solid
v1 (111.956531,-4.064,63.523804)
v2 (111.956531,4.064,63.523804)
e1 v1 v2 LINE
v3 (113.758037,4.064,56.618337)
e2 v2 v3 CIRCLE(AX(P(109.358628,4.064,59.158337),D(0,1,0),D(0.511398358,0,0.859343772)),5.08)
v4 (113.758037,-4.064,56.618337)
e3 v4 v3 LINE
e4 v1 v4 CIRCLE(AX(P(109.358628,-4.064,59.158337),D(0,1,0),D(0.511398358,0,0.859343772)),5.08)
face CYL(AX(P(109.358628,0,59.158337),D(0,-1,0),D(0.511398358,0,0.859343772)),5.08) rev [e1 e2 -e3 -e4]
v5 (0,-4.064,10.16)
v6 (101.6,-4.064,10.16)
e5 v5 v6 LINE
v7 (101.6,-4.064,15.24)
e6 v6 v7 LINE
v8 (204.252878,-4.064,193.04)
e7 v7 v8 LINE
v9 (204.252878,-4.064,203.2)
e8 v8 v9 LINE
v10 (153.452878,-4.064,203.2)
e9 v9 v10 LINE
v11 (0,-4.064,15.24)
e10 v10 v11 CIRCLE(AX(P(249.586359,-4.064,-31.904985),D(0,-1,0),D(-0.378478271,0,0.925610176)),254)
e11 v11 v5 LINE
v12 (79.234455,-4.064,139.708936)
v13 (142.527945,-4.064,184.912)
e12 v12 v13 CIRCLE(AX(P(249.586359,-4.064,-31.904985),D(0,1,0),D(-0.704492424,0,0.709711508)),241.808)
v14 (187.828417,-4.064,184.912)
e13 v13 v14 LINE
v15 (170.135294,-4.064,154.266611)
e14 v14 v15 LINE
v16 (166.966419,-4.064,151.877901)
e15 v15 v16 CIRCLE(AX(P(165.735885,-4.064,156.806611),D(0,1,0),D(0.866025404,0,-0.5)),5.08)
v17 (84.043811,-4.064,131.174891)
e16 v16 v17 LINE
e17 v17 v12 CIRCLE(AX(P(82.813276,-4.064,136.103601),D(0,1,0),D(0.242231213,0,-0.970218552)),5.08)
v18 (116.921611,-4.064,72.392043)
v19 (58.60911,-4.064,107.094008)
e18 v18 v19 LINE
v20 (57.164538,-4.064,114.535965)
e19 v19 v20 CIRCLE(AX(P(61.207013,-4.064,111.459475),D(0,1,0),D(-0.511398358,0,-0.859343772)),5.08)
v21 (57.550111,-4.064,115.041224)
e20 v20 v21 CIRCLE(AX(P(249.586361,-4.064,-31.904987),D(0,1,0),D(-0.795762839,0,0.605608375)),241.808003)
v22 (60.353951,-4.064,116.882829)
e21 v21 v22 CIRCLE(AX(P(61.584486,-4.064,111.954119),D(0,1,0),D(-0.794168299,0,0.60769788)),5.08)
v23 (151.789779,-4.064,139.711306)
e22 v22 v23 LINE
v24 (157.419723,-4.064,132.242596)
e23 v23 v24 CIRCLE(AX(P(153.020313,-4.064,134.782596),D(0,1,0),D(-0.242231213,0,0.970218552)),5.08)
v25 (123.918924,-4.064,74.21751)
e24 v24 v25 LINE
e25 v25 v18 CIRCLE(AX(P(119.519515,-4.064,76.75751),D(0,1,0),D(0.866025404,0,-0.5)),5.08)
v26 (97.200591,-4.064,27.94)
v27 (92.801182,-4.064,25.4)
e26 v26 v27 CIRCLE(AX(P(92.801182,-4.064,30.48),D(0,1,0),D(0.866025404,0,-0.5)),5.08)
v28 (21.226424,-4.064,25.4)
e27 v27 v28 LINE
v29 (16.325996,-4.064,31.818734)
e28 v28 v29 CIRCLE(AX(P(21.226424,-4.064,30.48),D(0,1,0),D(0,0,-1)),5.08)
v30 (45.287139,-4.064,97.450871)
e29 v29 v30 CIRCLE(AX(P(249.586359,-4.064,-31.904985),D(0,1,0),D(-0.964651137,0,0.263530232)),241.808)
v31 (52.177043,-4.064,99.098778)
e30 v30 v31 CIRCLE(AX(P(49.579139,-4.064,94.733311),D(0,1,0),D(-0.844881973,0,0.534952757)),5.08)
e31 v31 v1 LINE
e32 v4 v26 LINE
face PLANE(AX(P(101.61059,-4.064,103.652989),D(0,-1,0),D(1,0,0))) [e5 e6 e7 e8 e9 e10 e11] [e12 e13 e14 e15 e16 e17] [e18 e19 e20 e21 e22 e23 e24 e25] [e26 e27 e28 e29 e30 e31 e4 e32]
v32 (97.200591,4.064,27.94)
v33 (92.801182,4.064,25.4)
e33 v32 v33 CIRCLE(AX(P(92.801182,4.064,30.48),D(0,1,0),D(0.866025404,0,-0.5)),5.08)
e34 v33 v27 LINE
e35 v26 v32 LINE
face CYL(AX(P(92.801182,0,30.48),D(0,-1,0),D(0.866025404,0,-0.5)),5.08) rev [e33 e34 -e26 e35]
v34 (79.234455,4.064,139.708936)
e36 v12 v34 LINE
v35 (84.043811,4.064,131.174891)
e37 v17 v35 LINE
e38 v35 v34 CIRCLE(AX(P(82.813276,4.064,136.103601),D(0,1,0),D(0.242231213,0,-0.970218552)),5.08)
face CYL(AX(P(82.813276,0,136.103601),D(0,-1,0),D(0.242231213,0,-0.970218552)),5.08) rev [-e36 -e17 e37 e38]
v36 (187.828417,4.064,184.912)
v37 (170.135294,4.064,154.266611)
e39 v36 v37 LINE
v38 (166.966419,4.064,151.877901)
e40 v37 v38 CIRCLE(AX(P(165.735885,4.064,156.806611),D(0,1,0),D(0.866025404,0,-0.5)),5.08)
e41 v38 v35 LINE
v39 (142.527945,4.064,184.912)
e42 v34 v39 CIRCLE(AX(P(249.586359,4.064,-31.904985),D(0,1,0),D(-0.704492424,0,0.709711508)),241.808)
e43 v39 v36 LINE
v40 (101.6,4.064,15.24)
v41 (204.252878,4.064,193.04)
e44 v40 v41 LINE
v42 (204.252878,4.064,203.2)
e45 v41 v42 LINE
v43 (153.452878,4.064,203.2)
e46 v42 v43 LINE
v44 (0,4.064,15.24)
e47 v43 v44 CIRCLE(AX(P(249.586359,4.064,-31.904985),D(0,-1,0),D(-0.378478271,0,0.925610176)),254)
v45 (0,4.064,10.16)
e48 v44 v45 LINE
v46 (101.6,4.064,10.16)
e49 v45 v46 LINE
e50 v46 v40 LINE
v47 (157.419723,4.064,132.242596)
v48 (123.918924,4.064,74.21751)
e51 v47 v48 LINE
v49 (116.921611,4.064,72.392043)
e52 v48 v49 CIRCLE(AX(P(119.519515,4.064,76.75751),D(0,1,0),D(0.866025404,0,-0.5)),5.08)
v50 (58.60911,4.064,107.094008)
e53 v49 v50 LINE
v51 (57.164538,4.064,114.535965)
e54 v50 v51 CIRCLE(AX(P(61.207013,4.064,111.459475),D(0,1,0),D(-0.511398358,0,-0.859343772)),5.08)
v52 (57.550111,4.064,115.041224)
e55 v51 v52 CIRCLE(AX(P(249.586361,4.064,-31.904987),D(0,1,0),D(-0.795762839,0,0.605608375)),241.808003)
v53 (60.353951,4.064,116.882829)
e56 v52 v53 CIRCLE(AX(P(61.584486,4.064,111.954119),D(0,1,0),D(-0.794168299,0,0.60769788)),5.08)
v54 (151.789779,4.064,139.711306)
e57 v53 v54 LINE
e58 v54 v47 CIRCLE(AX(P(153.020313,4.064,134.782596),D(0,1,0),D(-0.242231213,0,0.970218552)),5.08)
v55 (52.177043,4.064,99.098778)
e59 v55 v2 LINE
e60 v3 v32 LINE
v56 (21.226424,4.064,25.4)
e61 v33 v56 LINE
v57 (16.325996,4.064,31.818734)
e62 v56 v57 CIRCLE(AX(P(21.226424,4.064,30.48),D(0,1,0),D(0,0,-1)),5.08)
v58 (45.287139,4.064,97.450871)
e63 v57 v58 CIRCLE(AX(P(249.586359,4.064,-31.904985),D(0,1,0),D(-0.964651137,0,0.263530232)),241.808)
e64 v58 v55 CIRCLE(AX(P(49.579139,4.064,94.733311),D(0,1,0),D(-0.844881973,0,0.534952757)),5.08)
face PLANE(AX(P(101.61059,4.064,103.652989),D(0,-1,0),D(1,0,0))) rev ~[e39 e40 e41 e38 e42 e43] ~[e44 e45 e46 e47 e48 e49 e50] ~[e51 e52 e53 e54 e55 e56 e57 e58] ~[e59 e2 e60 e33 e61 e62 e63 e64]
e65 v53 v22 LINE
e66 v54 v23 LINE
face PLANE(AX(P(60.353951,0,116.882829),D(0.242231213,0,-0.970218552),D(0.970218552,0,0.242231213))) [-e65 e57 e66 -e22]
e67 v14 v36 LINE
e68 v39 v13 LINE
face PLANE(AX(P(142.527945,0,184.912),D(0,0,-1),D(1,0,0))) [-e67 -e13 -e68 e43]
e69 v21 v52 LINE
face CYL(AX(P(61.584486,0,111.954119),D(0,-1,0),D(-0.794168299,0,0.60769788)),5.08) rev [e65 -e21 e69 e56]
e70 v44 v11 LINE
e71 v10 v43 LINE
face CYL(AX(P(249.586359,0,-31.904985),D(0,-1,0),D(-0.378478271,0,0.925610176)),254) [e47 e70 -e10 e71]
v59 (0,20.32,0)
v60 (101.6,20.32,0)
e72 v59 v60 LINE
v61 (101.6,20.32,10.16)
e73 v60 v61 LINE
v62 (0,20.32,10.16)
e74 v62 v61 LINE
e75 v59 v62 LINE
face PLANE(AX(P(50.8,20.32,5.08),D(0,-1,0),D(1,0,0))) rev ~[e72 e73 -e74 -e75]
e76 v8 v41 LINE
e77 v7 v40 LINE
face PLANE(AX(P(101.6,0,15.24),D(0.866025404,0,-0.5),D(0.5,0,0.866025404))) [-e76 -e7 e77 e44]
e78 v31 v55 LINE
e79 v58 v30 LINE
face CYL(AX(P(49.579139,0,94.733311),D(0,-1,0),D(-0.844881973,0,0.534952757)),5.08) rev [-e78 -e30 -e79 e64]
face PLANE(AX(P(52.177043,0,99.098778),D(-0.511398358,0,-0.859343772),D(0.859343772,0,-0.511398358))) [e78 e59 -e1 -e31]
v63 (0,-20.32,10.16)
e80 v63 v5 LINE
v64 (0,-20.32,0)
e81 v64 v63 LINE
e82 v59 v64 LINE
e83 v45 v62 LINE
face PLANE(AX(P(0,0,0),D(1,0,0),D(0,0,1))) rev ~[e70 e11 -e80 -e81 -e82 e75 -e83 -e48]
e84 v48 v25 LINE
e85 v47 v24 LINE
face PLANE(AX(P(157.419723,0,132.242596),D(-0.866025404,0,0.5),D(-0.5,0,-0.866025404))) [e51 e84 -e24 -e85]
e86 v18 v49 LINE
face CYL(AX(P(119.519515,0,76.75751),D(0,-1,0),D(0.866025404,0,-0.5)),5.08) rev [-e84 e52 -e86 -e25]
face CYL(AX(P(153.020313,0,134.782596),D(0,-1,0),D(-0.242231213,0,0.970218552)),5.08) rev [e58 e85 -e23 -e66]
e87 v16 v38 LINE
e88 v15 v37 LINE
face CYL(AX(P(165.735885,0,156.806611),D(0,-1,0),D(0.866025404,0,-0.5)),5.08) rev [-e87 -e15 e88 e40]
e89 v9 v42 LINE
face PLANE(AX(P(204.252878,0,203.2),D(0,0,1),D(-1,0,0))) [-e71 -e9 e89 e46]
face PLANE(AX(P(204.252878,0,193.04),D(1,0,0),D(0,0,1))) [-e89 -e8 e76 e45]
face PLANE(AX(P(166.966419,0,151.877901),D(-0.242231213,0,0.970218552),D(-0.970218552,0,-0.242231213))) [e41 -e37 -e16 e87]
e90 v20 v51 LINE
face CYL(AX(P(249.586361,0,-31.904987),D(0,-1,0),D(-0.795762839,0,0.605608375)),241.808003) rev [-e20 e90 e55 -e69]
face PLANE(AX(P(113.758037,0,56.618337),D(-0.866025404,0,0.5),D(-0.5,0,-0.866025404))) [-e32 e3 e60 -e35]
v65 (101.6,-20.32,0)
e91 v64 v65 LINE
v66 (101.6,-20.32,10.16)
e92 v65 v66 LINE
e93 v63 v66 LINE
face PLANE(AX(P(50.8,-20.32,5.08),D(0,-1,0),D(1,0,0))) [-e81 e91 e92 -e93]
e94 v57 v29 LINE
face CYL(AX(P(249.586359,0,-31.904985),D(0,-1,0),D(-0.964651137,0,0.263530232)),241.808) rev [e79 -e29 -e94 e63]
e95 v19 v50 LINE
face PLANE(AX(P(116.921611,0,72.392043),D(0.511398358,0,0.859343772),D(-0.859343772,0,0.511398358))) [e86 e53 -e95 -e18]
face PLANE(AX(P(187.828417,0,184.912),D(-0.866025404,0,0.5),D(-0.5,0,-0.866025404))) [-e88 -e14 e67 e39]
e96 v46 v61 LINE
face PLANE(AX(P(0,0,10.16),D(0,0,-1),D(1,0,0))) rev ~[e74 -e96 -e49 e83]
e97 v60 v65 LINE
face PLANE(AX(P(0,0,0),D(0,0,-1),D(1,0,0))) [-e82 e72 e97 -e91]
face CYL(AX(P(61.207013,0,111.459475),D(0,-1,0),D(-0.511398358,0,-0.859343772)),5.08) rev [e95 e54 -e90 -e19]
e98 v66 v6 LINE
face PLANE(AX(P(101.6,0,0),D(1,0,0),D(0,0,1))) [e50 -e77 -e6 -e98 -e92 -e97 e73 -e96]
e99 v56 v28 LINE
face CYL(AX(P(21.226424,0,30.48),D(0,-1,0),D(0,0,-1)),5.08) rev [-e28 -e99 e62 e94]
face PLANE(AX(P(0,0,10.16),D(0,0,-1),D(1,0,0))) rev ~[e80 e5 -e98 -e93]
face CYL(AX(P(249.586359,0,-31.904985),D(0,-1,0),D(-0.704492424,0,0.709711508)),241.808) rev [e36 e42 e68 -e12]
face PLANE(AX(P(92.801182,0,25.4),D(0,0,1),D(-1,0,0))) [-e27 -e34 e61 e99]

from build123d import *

# Parameters (mm, degrees)
F1_DEPTH = 4.064
F0_W     = 101.6
F0_H     = 10.16
F2_DEPTH = 20.32


with BuildPart() as f1:
    # F0 (on Front) → F1 (new body, symmetric)
    with BuildSketch(Plane.XZ):
        with BuildLine():
            ThreePointArc((153.4528778619, 203.2), (52.8306922848, 128.7287842706), (0, 15.24))
            Line((0, 15.24), (0, 10.16))
            Line((0, 10.16), (101.6, 10.16))
            Line((101.6, 10.16), (101.6, 15.24))
            Line((101.6, 15.24), (204.2528778619, 193.04))
            Line((204.2528778619, 193.04), (204.2528778619, 203.2))
            Line((204.2528778619, 203.2), (153.4528778619, 203.2))
        make_face()
        with BuildLine():
            Line((92.8011818976, 25.4), (21.2264241823, 25.4))
            ThreePointArc((21.2264241823, 25.4), (17.1886545886, 27.397336102), (16.3259964047, 31.8187335794))
            ThreePointArc((16.3259964047, 31.8187335794), (28.3591193477, 65.7147748231), (45.2871385288, 97.4508714067))
            ThreePointArc((45.2871385288, 97.4508714067), (48.3974495661, 99.6739601652), (52.177042611, 99.098777766))
            Line((52.177042611, 99.098777766), (111.9565313489, 63.5238037174))
            ThreePointArc((111.9565313489, 63.5238037174), (114.2741096305, 60.4406934976), (113.7580367399, 56.6183373538))
            Line((113.7580367399, 56.6183373538), (97.2005909488, 27.94))
            ThreePointArc((97.2005909488, 27.94), (95.3411818976, 26.0805909488), (92.8011818976, 25.4))
        make_face(mode=Mode.SUBTRACT)
        with BuildLine():
            Line((60.353951044, 116.8828291829), (151.7897789297, 139.7113057545))
            ThreePointArc((151.7897789297, 139.7113057545), (157.076894511, 137.8404624823), (157.4197225426, 132.2425955082))
            Line((157.4197225426, 132.2425955082), (123.9189236165, 74.217509674))
            ThreePointArc((123.9189236165, 74.217509674), (120.8018707091, 71.8420277322), (116.9216109051, 72.3920433103))
            Line((116.9216109051, 72.3920433103), (58.6091095788, 107.0940082349))
            ThreePointArc((58.6091095788, 107.0940082349), (56.2200964977, 110.4914552728), (57.1645380163, 114.5359651436))
            ThreePointArc((57.1645380163, 114.5359651436), (57.3571583281, 114.7887213361), (57.5501106483, 115.0412241669))
            ThreePointArc((57.5501106483, 115.0412241669), (58.795633634, 116.2001411551), (60.353951044, 116.8828291829))
        make_face(mode=Mode.SUBTRACT)
        with BuildLine():
            Line((142.5279448136, 184.912), (187.828417404, 184.912))
            Line((187.828417404, 184.912), (170.1352936925, 154.2666107871))
            ThreePointArc((170.1352936925, 154.2666107871), (168.7937516154, 152.7500297675), (166.966419203, 151.8779005407))
            Line((166.966419203, 151.8779005407), (84.0438107409, 131.1748909185))
            ThreePointArc((84.0438107409, 131.1748909185), (78.387658406, 133.6095467697), (79.2344546676, 139.7089356276))
            ThreePointArc((79.2344546676, 139.7089356276), (109.0518420167, 164.8719409502), (142.5279448136, 184.912))
        make_face(mode=Mode.SUBTRACT)
    extrude(amount=F1_DEPTH, both=True)

    # F0 (on Front) → F2 (join, symmetric)
    with BuildSketch(Plane.XZ):
        with Locations((50.8, 5.08)):
            Rectangle(F0_W, F0_H)
    extrude(amount=F2_DEPTH, both=True)


solid = f1.part
